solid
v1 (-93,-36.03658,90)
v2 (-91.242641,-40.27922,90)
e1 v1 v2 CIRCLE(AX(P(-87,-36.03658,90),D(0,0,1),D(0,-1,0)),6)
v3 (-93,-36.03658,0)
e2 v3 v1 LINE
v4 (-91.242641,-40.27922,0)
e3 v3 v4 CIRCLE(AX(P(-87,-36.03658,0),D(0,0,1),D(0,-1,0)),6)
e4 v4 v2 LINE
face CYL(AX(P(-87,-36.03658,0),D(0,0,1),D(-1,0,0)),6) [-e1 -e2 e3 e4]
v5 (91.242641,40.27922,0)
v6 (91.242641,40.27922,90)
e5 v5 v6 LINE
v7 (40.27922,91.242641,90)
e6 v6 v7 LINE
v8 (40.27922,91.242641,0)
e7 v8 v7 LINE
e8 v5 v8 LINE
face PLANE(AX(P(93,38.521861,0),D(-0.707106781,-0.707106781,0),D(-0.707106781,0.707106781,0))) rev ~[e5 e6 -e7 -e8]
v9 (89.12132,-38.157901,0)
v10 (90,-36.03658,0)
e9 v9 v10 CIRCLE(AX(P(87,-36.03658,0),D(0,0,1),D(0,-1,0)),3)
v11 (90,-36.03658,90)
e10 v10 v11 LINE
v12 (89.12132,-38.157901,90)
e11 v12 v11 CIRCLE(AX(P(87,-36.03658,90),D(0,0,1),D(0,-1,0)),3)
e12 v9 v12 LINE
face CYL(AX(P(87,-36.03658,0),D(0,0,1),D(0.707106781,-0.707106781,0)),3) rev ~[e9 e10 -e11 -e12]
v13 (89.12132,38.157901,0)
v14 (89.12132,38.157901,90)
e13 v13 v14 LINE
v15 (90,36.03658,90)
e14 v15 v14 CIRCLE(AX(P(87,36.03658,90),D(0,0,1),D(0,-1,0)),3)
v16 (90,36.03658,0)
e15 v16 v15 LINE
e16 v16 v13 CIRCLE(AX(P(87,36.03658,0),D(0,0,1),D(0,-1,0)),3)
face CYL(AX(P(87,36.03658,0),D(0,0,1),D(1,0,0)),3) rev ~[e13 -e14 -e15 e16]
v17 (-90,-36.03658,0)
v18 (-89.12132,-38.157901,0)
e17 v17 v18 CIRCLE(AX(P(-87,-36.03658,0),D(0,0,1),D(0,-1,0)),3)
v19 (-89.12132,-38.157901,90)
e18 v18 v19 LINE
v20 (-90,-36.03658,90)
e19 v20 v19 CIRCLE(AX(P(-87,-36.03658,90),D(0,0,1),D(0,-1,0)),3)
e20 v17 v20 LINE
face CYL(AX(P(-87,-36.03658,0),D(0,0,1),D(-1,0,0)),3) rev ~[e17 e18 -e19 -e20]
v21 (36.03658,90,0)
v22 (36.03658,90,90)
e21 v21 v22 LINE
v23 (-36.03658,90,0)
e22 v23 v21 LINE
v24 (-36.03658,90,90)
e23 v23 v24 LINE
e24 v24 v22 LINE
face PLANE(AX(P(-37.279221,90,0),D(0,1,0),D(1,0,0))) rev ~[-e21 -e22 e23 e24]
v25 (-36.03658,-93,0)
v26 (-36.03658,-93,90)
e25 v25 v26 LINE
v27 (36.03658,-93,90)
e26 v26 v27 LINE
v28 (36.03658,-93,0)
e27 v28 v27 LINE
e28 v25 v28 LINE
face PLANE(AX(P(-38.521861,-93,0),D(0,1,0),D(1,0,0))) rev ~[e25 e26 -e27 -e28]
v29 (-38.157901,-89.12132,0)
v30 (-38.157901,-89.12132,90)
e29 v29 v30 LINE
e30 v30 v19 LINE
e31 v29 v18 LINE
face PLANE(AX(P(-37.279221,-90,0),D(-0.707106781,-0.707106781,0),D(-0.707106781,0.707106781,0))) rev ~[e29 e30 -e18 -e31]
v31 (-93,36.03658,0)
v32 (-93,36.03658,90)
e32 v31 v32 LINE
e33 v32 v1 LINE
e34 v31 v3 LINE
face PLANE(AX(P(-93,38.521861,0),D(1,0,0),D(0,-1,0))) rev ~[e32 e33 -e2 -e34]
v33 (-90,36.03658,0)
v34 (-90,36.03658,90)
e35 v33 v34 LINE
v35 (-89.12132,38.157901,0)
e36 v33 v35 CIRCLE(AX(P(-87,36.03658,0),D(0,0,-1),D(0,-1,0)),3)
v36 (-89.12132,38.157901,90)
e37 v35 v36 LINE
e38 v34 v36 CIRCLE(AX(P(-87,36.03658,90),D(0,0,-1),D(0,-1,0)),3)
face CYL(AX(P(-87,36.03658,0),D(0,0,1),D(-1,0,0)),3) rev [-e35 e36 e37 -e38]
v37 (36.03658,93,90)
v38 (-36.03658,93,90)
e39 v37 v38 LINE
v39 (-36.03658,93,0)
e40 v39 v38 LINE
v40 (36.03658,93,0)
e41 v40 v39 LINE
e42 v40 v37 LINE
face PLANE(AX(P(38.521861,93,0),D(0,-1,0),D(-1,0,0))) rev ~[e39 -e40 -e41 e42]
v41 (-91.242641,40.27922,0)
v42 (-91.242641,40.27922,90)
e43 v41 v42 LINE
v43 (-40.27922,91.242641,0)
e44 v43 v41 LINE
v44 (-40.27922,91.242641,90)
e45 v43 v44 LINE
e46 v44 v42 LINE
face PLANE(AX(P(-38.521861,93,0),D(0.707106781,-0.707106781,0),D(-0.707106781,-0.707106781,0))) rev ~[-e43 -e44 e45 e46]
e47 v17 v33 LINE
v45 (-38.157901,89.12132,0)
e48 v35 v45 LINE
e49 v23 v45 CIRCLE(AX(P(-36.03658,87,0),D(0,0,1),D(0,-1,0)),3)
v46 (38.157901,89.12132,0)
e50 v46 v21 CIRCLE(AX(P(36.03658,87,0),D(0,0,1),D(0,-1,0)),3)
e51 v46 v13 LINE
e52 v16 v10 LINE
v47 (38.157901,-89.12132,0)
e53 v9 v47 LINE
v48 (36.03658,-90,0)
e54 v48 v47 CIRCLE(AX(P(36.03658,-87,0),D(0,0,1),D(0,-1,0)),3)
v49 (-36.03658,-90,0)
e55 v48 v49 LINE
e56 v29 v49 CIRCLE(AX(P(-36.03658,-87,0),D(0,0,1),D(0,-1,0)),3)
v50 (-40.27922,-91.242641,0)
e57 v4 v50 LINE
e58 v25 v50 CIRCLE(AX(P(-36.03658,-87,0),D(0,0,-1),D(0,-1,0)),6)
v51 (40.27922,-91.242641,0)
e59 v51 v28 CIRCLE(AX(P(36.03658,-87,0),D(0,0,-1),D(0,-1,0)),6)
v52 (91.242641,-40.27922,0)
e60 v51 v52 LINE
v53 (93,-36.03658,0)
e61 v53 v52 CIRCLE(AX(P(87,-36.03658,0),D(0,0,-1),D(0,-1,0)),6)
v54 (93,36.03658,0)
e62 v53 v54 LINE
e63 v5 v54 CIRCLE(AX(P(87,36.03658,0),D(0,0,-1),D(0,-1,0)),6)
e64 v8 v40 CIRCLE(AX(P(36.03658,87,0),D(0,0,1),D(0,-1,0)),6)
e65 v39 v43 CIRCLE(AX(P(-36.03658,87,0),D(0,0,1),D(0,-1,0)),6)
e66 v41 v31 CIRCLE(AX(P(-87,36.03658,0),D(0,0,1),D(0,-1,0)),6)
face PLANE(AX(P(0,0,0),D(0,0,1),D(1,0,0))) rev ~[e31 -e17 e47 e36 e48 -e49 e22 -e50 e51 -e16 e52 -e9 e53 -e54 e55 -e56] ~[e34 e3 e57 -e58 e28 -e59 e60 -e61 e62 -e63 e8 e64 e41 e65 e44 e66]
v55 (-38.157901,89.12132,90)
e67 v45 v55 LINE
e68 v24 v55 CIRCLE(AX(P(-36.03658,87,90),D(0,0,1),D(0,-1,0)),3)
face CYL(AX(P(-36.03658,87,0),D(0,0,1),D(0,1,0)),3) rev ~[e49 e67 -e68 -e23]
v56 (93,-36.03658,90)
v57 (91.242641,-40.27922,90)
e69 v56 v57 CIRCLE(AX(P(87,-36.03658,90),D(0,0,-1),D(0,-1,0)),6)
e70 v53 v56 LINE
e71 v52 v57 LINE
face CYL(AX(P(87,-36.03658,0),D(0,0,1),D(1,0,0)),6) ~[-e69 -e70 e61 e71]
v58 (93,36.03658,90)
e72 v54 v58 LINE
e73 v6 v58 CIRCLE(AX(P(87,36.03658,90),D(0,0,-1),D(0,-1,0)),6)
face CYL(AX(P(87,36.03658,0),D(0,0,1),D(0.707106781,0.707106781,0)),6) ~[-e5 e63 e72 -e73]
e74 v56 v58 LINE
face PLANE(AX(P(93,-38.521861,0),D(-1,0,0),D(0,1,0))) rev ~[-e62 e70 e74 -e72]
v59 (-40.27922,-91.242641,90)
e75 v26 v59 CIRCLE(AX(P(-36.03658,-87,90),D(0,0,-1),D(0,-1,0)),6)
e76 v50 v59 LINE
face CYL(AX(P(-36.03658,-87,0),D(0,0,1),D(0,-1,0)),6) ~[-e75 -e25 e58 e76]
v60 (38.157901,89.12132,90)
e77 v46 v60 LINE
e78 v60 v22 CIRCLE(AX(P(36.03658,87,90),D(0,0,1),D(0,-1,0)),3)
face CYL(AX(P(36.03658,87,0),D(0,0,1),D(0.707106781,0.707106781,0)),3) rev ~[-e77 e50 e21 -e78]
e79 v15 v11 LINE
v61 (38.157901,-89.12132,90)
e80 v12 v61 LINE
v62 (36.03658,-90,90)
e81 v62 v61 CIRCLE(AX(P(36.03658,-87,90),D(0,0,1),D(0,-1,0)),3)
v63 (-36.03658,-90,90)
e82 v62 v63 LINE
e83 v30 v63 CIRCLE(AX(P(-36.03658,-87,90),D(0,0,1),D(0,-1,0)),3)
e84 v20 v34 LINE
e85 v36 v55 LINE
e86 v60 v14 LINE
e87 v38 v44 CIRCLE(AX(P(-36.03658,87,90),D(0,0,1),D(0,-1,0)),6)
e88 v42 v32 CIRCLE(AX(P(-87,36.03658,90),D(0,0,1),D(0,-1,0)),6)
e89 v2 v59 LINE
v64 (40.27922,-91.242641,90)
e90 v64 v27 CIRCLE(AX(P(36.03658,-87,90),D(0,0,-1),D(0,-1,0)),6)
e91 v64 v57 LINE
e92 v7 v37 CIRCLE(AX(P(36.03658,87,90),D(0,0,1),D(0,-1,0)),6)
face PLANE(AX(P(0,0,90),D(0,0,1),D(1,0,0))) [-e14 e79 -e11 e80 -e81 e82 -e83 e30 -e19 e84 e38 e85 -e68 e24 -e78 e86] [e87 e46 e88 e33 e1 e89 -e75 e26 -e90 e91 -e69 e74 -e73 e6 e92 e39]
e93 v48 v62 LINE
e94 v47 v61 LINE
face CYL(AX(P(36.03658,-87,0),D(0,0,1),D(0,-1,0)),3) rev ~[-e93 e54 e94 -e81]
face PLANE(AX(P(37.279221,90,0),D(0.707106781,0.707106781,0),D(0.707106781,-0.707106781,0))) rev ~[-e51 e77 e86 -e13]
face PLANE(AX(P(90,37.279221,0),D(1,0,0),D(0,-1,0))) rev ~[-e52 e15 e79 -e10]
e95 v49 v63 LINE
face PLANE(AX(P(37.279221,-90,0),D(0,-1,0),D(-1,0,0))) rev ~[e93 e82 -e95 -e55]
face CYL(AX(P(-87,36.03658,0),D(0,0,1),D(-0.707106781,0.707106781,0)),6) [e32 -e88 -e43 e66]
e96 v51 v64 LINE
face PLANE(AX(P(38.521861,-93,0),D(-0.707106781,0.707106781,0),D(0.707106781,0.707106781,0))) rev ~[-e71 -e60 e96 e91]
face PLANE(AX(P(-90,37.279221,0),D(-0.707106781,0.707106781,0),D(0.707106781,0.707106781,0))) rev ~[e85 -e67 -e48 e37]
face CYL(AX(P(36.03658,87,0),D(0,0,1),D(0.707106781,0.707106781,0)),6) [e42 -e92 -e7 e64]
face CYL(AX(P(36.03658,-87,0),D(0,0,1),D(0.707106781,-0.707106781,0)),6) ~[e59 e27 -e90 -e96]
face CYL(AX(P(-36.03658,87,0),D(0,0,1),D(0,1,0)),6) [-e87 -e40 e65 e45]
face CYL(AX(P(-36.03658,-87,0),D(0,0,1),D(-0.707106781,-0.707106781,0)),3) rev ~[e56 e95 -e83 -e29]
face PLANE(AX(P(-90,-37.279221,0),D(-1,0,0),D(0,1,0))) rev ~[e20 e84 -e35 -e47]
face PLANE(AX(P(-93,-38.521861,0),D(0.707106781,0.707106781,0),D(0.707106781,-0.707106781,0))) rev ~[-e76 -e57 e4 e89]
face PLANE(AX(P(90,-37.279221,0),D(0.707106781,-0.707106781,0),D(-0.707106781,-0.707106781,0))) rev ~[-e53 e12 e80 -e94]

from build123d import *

# Parameters (mm, degrees)
F1_DEPTH = 90
F2_R     = 3
F3_R     = 6


with BuildPart() as f1:
    # F0 (on Top) → F1 (new body)
    with BuildSketch(Plane.XY):
        Polygon((93, 38.521861), (38.521861, 93), (-38.521861, 93), (-93, 38.521861), (-93, -38.521861), (-38.521861, -93), (38.521861, -93), (93, -38.521861), align=None)
        Polygon((-90, 37.279221), (-37.279221, 90), (37.279221, 90), (90, 37.279221), (90, -37.279221), (37.279221, -90), (-37.279221, -90), (-90, -37.279221), align=None, mode=Mode.SUBTRACT)
    extrude(amount=F1_DEPTH)

    # F2
    f2_edges = [f1.edges().sort_by_distance(p)[0] for p in [
        (-37.279221, 90, 45),
        (37.279221, 90, 45),
        (90, 37.279221, 45),
        (90, -37.279221, 45),
        (37.279221, -90, 45),
        (-37.279221, -90, 45),
        (-90, -37.279221, 45),
        (-90, 37.279221, 45),
    ]]
    fillet(f2_edges, radius=F2_R)

    # F3
    f3_edges = [f1.edges().sort_by_distance(p)[0] for p in [
        (-93, -38.521861, 45),
        (-38.521861, -93, 45),
        (38.521861, -93, 45),
        (93, -38.521861, 45),
        (93, 38.521861, 45),
        (38.521861, 93, 45),
        (-38.521861, 93, 45),
        (-93, 38.521861, 45),
    ]]
    fillet(f3_edges, radius=F3_R)


solid = f1.part
